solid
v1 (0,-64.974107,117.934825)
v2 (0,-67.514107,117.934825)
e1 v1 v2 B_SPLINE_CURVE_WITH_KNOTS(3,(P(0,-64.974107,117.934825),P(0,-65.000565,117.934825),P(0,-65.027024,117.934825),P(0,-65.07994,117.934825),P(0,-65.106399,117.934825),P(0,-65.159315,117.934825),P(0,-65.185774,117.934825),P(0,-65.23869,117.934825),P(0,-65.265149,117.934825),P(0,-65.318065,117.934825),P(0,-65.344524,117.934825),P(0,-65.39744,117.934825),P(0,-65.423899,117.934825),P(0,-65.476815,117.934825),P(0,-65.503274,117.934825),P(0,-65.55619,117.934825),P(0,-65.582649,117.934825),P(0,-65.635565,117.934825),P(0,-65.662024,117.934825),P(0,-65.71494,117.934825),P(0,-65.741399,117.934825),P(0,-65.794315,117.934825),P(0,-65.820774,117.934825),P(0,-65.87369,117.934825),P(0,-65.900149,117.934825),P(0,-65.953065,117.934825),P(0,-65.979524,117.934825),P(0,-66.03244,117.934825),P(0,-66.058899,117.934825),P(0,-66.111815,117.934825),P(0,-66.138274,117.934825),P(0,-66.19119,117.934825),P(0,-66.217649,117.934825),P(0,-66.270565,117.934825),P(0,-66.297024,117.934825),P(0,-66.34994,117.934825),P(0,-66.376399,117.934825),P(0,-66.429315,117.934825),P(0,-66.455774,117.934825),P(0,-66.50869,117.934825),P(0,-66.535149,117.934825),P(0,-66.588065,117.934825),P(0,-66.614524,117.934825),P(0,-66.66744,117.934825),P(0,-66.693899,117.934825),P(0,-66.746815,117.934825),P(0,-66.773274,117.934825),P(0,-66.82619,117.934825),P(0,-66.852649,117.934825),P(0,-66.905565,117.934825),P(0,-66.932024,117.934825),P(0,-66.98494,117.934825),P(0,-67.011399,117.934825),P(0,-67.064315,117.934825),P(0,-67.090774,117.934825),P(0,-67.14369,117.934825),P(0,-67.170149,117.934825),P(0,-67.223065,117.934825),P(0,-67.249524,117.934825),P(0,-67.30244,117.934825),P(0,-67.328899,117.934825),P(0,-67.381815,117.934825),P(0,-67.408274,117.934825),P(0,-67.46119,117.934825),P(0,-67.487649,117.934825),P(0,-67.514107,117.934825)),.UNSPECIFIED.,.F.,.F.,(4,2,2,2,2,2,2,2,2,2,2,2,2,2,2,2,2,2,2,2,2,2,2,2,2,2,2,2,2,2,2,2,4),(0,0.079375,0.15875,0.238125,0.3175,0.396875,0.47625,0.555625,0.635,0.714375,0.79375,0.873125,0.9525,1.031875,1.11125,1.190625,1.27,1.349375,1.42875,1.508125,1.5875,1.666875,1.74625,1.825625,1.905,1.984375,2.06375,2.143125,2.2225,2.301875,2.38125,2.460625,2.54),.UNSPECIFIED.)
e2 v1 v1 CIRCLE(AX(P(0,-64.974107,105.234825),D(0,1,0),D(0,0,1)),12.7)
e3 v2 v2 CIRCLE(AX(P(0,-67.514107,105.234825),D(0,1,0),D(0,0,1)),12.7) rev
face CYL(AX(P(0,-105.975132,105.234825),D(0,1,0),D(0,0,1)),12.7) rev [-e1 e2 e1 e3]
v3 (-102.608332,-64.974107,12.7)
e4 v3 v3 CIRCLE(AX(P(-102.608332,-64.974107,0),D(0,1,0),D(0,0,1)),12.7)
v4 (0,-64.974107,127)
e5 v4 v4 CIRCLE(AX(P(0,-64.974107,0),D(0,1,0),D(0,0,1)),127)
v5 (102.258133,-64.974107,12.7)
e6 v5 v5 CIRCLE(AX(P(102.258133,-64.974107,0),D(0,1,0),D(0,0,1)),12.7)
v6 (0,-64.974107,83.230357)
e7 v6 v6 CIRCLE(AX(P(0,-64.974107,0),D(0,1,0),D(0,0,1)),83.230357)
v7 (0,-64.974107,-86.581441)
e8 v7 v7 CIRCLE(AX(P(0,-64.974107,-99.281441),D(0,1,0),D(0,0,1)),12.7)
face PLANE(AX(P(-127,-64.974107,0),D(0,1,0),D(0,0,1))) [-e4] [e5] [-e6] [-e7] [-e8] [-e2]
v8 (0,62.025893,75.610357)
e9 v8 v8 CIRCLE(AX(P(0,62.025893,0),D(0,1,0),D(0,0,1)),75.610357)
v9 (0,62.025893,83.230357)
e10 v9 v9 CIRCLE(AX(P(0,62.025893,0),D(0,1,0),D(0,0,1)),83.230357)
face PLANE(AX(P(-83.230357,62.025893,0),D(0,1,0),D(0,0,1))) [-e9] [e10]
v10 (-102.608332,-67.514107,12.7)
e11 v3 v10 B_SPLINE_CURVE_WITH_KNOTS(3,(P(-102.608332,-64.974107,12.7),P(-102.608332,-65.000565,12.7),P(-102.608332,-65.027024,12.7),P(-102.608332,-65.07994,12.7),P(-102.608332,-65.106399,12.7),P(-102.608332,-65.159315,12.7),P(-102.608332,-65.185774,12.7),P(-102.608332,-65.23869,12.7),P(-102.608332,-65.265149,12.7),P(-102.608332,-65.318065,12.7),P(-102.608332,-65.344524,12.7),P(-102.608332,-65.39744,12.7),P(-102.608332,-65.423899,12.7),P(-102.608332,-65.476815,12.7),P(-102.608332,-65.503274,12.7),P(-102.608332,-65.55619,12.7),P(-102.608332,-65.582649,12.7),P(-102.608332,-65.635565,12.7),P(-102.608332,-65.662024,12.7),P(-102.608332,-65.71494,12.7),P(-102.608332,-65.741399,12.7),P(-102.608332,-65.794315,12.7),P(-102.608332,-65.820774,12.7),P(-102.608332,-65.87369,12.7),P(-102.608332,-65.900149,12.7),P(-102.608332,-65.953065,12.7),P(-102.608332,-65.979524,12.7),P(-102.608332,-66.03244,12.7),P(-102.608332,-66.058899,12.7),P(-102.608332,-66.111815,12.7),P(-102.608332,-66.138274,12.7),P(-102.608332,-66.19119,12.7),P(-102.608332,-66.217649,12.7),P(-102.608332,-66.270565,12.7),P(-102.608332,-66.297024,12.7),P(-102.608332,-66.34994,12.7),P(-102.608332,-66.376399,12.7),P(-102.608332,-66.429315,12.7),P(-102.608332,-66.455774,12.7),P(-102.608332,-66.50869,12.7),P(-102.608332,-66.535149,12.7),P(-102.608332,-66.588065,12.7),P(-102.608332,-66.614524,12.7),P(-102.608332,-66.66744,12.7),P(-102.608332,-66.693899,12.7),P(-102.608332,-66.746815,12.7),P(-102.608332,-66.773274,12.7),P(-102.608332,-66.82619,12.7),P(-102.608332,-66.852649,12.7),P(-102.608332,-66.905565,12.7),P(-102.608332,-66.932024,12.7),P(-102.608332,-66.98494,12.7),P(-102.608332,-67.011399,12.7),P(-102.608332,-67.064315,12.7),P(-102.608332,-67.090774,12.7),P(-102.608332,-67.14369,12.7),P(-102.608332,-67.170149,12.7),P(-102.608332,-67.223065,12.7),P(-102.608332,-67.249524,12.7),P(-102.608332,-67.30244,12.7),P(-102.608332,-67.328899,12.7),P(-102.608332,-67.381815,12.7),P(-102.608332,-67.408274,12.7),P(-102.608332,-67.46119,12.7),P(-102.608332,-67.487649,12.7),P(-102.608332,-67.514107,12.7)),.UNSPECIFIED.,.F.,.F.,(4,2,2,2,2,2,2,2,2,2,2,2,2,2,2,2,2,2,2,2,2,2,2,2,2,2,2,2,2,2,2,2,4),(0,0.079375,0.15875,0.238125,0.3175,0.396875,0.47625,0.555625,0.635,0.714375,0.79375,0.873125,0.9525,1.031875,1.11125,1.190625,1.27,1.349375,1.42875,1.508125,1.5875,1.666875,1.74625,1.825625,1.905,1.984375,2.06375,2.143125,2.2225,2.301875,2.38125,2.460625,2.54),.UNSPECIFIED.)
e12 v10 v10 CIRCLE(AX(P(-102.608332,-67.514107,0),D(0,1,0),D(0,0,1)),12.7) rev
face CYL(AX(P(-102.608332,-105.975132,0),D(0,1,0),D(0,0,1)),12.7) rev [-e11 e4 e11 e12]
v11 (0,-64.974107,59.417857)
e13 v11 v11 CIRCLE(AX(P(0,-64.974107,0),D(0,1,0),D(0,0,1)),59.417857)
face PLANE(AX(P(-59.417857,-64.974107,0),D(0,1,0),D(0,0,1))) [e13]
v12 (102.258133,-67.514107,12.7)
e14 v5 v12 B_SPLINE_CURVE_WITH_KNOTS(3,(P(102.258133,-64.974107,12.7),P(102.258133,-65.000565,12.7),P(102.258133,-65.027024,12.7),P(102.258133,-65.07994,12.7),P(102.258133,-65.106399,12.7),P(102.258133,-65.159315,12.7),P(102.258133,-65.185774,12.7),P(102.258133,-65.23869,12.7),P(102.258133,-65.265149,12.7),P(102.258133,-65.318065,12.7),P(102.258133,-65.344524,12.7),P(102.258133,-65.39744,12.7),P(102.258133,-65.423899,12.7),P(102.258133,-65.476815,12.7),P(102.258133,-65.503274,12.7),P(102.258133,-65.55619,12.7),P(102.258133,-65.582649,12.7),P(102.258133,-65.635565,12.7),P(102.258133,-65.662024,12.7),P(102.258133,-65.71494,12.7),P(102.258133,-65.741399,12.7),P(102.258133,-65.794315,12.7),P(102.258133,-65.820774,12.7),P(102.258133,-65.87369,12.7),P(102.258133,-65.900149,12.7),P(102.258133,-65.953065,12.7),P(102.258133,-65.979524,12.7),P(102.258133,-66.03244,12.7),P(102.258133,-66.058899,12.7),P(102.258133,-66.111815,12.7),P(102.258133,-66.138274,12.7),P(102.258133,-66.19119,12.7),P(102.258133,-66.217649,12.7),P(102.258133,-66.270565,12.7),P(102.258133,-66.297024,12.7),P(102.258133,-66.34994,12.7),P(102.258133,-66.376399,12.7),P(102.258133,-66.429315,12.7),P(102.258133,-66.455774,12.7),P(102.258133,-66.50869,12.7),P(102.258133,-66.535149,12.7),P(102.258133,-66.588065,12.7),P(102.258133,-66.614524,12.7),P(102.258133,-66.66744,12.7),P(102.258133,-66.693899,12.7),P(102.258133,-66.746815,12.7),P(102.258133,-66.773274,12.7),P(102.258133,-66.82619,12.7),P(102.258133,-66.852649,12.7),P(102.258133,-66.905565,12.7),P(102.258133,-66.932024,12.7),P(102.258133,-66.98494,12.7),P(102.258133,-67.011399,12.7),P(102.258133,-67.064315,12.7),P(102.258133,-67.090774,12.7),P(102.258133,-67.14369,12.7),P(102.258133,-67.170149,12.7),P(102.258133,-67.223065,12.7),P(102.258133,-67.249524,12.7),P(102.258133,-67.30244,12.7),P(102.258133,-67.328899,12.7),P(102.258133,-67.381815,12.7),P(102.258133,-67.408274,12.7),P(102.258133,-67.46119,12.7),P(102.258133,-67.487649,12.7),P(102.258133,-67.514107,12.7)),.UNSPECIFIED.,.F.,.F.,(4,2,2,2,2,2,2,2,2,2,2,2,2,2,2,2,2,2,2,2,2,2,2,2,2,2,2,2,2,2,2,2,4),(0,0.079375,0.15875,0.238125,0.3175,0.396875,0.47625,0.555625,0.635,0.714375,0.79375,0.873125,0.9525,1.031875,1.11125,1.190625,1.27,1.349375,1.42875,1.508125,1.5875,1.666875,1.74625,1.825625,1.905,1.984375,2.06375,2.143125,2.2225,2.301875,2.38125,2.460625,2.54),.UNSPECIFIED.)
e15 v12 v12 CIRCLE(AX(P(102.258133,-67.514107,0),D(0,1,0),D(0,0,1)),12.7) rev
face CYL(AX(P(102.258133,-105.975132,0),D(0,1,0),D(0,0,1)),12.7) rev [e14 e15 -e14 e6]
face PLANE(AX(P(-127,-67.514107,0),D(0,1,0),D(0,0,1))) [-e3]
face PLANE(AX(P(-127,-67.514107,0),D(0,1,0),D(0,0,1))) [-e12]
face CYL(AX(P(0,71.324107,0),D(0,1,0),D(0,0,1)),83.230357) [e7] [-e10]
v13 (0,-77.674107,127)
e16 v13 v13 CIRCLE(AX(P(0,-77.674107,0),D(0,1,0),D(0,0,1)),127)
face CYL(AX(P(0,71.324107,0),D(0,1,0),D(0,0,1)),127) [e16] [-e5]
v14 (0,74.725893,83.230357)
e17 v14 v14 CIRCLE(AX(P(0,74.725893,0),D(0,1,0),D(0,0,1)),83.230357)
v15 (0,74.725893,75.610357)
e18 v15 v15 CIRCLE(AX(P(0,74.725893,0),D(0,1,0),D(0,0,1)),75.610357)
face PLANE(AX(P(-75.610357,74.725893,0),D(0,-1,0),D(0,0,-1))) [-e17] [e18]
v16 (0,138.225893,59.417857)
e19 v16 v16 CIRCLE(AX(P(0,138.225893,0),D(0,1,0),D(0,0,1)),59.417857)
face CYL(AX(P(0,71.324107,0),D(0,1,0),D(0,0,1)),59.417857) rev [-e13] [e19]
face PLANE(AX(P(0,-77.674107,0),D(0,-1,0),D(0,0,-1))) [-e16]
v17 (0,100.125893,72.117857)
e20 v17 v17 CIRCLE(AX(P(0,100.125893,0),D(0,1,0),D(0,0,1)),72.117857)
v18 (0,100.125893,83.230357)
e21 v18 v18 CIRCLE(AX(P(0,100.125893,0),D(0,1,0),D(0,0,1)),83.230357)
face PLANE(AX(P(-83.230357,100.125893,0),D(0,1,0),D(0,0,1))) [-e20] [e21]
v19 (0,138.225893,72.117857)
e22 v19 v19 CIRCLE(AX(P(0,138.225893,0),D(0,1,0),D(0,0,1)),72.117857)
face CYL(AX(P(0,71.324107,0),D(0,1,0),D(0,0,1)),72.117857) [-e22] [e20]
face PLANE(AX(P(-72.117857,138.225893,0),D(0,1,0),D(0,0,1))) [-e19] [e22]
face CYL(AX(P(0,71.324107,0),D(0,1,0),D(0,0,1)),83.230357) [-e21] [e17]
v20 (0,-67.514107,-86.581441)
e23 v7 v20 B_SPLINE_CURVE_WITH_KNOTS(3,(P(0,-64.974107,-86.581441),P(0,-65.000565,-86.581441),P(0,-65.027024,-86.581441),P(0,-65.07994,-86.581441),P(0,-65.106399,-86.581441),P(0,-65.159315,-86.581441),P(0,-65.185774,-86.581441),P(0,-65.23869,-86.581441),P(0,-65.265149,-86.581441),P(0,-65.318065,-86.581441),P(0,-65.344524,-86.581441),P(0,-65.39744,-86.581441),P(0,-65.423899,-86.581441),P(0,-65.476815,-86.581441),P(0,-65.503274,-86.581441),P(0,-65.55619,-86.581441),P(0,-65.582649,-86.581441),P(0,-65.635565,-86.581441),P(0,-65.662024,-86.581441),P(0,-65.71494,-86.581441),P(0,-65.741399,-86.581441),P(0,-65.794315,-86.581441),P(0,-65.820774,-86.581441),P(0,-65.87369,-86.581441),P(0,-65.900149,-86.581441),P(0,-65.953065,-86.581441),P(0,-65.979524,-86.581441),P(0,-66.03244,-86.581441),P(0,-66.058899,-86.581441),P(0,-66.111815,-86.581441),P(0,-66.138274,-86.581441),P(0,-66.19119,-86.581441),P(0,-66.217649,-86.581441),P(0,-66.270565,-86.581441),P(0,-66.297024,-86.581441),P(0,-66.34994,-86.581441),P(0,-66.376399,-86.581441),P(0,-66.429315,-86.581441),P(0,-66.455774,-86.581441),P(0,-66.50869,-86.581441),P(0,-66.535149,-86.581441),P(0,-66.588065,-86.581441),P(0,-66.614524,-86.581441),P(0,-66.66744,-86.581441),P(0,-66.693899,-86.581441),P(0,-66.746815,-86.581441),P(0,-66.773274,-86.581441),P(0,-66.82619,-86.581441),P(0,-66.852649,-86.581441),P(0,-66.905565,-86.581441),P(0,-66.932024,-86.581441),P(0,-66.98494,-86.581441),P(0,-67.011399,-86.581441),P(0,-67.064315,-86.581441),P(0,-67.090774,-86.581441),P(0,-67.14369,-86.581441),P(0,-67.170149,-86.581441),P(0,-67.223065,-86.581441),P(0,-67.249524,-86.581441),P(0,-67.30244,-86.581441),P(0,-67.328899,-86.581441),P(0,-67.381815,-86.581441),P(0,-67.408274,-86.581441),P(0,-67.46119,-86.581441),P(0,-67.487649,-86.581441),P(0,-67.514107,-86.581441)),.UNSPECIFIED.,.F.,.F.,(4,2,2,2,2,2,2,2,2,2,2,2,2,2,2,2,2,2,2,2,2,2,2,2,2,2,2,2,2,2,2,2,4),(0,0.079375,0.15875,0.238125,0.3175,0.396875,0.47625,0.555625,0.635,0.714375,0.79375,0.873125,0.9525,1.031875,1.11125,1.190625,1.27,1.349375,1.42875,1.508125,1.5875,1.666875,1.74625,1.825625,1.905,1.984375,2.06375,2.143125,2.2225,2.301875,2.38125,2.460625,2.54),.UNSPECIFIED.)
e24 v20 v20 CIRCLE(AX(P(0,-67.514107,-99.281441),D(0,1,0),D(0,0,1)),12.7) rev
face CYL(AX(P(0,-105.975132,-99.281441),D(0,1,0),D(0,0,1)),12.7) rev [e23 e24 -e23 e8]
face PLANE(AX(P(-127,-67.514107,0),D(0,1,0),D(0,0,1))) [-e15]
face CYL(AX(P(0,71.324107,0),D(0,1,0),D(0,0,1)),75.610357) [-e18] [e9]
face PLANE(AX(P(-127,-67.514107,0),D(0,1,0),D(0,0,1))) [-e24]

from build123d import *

# Parameters (mm, degrees)
SKETCH2_R          = 12.7
CUT_EXTRUDE1_DEPTH = 67.514107143


with BuildPart() as part:
    # Sketch1 → Revolve1 (revolve)
    with BuildSketch(Plane.XY, mode=Mode.PRIVATE) as revolve1_sk:
        Polygon((0, -77.674107143), (-127, -77.674107143), (-127, -64.974107143), (-83.230357143, -64.974107143), (-83.230357143, -14.174107143), (-83.230357143, 62.025892857), (-75.610357143, 62.025892857), (-75.610357143, 74.725892857), (-83.230357143, 74.725892857), (-83.230357143, 100.125892857), (-72.117857143, 100.125892857), (-72.117857143, 138.225892857), (-59.417857143, 138.225892857), (-59.417857143, -64.974107143), (0, -64.974107143), align=None)
    revolve(revolve1_sk.sketch.rotate(Axis((0, 71.324107143, 0), (0, -1, 0)), 270), axis=Axis((0, 71.324107143, 0), (0, -1, 0)))

    # Sketch2 → Cut-Extrude1 (cut)
    with BuildSketch(Plane(origin=(0, 0, 0), x_dir=(1, 0, 0), z_dir=(0, 1, 0))):
        with Locations(Location((-102.608331848, 0, 0), (0, 0, 270))):
            Circle(SKETCH2_R)
        with Locations(Location((0, -105.234824984, 0), (0, 0, 270))):
            Circle(SKETCH2_R)
        with Locations(Location((102.258132763, 0, 0), (0, 0, 270))):
            Circle(SKETCH2_R)
        with Locations(Location((0, 99.281440542, 0), (0, 0, 270))):
            Circle(SKETCH2_R)
    extrude(amount=-CUT_EXTRUDE1_DEPTH, mode=Mode.SUBTRACT)


solid = part.part
